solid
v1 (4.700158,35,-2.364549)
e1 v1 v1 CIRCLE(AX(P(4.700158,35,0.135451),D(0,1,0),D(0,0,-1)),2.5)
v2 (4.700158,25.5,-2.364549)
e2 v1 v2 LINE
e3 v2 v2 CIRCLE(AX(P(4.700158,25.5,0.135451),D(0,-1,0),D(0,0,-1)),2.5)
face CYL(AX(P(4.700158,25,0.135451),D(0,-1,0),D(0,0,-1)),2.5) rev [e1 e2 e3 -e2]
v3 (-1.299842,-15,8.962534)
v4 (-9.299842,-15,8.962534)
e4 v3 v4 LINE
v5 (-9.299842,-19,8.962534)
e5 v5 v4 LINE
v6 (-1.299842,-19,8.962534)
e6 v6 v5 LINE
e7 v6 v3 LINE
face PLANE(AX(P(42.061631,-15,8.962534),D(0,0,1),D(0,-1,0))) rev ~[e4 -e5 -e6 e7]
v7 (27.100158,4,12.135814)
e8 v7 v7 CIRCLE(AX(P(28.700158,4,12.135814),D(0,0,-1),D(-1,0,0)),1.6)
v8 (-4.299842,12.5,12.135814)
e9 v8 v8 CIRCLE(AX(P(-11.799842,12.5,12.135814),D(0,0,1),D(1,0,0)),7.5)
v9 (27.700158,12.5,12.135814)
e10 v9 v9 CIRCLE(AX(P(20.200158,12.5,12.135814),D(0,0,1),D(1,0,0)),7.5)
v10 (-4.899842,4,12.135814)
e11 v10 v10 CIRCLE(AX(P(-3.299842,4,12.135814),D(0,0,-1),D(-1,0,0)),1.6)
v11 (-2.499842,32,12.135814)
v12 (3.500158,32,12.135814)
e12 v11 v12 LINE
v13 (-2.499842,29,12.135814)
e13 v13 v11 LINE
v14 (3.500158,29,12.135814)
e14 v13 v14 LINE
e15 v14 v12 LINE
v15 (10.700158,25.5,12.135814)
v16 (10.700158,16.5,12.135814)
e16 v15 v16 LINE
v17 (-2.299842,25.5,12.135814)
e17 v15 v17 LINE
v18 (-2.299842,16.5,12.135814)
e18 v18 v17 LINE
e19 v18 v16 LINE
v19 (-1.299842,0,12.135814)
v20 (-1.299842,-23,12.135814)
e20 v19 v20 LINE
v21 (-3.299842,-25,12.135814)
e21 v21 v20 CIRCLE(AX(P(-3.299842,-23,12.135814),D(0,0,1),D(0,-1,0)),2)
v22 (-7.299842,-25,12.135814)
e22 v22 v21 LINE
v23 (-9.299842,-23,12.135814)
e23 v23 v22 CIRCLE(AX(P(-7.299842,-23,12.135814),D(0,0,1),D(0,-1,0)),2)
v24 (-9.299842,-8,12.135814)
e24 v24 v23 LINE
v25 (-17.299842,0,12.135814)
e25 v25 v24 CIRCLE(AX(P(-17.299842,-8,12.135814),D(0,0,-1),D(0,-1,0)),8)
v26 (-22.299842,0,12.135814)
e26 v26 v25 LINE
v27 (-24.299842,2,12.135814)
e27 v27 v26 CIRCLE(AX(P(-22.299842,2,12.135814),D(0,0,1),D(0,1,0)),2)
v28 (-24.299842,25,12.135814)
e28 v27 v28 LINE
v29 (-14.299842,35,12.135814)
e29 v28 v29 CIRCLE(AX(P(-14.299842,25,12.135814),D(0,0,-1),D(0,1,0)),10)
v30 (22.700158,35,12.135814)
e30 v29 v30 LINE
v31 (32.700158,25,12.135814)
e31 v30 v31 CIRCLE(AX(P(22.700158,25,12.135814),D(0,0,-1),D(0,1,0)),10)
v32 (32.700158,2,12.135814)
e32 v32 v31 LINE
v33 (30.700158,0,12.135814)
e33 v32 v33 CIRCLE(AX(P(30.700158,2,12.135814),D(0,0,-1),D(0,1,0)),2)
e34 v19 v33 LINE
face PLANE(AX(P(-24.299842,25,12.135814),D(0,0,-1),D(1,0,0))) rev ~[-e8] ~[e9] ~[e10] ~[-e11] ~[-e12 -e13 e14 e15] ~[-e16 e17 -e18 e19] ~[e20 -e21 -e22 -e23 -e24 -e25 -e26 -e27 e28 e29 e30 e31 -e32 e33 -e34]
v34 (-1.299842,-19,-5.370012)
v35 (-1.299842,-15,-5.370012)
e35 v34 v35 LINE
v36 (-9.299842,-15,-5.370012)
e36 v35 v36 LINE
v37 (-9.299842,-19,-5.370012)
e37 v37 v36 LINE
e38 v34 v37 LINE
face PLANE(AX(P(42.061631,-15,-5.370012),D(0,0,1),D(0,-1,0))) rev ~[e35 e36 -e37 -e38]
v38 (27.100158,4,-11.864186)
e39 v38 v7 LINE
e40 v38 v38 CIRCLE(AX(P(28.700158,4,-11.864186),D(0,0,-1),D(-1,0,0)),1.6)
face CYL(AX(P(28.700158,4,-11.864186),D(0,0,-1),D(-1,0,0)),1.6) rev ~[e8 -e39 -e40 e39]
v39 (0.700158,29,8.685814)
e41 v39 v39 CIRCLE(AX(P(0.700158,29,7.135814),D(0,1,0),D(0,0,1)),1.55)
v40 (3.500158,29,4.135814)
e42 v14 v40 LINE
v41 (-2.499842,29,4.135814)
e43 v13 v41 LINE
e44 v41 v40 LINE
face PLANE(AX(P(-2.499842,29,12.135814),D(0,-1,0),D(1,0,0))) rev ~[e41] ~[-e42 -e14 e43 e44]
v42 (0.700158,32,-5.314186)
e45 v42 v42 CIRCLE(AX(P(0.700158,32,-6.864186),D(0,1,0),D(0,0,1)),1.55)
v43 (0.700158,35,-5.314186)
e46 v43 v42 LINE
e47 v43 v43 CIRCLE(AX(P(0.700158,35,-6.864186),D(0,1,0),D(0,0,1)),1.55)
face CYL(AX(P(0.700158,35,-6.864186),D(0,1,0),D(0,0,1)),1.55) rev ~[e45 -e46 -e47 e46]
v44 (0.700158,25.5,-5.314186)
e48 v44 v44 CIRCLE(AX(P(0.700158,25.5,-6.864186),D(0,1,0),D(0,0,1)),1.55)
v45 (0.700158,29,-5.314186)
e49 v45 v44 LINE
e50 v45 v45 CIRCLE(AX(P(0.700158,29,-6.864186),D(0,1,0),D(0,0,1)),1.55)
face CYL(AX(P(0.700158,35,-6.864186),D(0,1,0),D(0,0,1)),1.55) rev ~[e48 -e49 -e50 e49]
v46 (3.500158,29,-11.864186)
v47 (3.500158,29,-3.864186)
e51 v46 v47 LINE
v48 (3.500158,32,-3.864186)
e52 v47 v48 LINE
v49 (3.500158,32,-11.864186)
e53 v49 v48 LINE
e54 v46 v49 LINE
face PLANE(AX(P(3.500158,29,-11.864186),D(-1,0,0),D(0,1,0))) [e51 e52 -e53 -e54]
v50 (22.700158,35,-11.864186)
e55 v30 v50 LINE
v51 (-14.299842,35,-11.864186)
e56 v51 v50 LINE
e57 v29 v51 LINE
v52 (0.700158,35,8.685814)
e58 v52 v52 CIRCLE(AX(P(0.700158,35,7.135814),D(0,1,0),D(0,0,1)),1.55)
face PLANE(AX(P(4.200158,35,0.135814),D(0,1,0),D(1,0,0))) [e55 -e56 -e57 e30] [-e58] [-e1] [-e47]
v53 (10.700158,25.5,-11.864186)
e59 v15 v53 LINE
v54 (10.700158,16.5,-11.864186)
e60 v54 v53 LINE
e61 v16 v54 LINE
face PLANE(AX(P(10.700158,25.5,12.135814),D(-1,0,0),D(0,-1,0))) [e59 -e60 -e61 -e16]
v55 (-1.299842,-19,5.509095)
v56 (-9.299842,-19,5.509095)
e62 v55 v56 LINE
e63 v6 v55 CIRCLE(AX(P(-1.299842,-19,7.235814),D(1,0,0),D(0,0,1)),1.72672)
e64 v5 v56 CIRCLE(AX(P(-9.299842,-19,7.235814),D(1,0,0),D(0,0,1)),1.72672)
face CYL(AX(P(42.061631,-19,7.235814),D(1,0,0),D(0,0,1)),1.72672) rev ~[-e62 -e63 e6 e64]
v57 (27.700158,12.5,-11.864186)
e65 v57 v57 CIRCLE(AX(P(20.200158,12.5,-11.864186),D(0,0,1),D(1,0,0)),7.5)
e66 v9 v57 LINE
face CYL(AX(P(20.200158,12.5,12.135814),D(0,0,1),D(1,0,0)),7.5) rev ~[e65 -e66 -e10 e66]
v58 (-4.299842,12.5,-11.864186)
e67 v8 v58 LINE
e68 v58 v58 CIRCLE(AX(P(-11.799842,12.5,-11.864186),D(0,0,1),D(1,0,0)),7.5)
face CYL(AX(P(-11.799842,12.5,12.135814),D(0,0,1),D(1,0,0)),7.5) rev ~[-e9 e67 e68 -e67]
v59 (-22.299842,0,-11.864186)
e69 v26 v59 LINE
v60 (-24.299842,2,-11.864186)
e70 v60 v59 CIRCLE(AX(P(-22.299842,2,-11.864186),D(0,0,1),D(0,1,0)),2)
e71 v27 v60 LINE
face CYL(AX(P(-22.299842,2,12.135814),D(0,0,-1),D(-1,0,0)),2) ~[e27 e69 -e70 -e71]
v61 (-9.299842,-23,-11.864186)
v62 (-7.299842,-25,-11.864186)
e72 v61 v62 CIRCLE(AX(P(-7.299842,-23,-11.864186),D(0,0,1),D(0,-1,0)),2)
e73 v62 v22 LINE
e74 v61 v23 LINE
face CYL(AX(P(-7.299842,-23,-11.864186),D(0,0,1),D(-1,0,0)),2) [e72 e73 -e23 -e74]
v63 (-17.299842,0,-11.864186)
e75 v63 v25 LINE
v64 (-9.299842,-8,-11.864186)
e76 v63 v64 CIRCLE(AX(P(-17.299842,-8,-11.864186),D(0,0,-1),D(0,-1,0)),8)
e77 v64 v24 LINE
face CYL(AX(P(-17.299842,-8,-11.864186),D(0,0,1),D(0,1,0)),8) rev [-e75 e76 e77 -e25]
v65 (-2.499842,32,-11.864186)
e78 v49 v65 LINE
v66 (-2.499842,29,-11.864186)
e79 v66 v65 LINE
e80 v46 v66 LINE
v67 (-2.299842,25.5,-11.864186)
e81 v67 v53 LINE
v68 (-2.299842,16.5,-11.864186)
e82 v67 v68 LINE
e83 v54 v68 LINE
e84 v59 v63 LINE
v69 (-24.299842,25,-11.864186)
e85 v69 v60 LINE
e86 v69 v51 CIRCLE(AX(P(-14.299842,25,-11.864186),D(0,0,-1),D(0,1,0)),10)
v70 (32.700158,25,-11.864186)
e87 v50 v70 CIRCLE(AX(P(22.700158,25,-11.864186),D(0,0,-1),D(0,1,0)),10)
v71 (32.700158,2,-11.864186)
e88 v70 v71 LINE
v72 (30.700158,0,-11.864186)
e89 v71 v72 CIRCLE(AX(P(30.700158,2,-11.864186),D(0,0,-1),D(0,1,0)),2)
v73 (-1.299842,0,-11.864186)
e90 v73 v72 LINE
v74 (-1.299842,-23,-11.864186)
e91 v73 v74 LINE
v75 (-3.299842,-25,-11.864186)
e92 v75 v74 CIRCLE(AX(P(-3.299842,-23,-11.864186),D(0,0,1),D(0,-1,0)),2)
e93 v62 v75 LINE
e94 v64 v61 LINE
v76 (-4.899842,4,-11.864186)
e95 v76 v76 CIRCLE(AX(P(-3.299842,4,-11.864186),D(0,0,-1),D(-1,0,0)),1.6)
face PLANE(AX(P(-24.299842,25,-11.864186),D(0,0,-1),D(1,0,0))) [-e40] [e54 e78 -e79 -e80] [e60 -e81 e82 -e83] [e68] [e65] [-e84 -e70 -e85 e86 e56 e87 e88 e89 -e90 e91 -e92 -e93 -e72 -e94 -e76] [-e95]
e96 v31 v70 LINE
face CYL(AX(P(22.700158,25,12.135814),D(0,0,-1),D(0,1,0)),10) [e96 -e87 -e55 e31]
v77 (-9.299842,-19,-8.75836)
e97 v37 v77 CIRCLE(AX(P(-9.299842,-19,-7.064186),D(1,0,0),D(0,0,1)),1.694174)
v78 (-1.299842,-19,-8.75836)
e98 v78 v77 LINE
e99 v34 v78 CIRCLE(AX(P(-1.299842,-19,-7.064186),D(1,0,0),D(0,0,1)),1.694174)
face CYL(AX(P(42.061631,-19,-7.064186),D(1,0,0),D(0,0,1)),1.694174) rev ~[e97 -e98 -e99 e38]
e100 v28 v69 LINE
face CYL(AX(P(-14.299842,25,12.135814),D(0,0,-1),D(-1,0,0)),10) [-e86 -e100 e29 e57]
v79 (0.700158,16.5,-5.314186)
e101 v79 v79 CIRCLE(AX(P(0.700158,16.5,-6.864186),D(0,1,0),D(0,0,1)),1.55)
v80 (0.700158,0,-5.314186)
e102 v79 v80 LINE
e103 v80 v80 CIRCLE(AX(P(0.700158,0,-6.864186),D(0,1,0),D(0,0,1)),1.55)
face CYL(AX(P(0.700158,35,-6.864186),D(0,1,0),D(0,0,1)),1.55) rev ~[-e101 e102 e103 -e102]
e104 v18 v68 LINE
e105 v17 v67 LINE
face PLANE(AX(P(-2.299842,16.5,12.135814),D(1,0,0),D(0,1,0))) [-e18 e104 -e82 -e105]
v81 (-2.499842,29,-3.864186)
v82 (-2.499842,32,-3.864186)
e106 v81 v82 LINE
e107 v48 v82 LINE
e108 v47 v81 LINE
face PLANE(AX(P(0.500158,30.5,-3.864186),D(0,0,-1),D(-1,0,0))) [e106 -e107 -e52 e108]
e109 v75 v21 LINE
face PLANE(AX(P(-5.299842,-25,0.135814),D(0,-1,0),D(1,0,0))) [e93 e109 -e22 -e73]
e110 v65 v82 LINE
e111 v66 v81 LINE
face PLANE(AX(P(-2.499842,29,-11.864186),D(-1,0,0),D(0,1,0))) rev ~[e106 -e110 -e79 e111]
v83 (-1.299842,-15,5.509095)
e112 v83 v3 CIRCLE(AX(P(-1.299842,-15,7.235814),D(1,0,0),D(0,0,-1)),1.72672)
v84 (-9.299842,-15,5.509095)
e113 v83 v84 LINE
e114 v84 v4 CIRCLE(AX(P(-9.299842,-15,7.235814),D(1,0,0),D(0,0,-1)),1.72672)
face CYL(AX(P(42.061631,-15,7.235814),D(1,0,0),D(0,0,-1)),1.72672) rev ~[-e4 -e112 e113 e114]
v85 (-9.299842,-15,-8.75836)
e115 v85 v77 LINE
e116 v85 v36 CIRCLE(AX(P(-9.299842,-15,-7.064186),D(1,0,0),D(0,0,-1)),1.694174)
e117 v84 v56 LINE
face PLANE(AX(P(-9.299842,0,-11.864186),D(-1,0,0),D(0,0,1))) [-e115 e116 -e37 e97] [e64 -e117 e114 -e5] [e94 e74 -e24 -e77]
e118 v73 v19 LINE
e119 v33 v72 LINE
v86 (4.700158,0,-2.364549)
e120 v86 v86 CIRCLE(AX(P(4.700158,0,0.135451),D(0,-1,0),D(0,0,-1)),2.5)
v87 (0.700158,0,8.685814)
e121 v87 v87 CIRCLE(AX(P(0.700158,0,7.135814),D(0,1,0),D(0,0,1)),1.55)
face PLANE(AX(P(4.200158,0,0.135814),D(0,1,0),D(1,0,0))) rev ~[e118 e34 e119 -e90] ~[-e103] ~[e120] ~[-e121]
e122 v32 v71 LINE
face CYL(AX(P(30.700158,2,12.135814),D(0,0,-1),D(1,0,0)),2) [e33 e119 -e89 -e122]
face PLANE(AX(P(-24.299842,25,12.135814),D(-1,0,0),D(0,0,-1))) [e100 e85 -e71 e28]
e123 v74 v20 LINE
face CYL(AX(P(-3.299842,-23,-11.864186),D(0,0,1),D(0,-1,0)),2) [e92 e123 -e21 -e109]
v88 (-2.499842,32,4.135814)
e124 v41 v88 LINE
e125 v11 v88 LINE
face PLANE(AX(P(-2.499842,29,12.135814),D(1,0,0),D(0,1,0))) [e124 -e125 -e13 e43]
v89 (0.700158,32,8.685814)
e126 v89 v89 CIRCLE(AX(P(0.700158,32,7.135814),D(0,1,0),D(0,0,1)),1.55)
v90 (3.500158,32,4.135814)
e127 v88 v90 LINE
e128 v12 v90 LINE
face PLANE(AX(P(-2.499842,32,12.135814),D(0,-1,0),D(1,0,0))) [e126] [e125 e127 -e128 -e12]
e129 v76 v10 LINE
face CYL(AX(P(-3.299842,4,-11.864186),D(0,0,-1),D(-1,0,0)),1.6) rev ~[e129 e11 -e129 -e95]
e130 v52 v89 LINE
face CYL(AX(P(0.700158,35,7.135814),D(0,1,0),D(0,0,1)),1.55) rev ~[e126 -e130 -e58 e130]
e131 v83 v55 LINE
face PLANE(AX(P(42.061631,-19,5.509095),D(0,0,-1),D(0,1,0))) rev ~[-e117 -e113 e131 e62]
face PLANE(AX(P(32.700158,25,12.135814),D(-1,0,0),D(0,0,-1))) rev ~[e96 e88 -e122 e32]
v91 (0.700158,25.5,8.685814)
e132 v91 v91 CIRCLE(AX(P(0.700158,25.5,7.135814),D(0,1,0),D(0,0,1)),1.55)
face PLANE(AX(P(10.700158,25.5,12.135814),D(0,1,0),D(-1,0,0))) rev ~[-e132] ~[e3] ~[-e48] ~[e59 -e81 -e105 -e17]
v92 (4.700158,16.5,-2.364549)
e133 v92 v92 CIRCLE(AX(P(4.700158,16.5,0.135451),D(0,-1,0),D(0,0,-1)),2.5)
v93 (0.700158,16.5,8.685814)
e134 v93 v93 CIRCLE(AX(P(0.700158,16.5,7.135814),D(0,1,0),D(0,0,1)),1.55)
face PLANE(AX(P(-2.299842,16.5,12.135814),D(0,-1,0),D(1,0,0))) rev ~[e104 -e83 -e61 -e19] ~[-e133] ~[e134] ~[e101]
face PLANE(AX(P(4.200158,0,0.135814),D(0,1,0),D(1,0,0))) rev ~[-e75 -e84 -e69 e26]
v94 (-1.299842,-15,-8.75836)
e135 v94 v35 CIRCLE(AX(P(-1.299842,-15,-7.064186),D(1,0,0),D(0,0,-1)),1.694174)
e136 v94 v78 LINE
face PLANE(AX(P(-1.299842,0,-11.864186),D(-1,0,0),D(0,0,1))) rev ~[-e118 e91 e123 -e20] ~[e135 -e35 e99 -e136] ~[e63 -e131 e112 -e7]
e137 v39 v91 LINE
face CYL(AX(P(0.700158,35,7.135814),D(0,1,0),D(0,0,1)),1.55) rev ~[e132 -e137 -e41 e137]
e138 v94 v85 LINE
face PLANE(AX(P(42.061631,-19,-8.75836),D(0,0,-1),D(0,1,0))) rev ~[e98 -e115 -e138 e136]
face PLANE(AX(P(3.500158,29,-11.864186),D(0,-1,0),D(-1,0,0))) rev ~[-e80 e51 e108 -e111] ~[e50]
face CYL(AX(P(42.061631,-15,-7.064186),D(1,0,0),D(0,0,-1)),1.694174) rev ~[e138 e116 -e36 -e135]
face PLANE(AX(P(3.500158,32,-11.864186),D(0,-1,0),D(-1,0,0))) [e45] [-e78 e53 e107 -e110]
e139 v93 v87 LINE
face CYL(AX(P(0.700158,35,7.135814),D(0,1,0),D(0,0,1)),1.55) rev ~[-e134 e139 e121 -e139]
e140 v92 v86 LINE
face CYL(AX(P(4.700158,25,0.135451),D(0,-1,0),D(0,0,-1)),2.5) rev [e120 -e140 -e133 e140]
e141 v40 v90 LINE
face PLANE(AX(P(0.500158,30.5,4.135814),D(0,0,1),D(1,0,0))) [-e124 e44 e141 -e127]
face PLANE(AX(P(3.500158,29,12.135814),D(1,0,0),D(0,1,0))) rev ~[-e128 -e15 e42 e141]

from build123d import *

# Parameters (mm, degrees)
SKETCH_1_W               = 57
SKETCH_1_H               = 24
EXTRUDE_1_DEPTH          = 25
SKETCH_2_R               = 7.5
CUT_EXTRUDE_1_DEPTH      = 48.647668573
SKETCH_3_W               = 8
SKETCH_3_H               = 24
EXTRUDE_2_DEPTH          = 25
CUT_EXTRUDE_2_DEPTH      = 51.361473246
CUT_EXTRUDE_2_DEPTH_BACK = 51.361473246
SKETCH_5_R               = 2.5
CUT_EXTRUDE_3_DEPTH      = 43.913614482
FILLET_1_R               = 8
SKETCH_6_W               = 57
SKETCH_6_H               = 24
SKETCH_6_R               = 2.5
EXTRUDE_3_DEPTH          = 10
CUT_EXTRUDE_4_DEPTH      = 54.575183811
SKETCH_8_R               = 1.55
CUT_EXTRUDE_5_DEPTH      = 70.401572806
SKETCH_9_W               = 6
SKETCH_9_H               = 3
CUT_EXTRUDE_6_DEPTH      = 8
SKETCH_10_W              = 6
SKETCH_10_H              = 3
CUT_EXTRUDE_7_DEPTH      = 8
SKETCH_11_R              = 1.6
CUT_EXTRUDE_8_DEPTH      = 54.575183811
FILLET_2_R               = 10
FILLET_3_R               = 2
FILLET_4_R               = 2


with BuildPart() as part:
    # 草图1 → 凸台-拉伸1 (new body)
    with BuildSketch(Plane(origin=(0, 0, 0), x_dir=(1, 0, 0), z_dir=(0, 1, 0))):
        with Locations((4.200157804, -0.135814249)):
            Rectangle(SKETCH_1_W, SKETCH_1_H)
    extrude(amount=EXTRUDE_1_DEPTH)

    # 草图2 → 切除-拉伸1 (cut, through all)
    with BuildSketch(Plane.XY.offset(12.135814249)):
        with Locations((-11.799842196, 12.5)):
            Circle(SKETCH_2_R)
        with Locations((20.200157804, 12.5)):
            Circle(SKETCH_2_R)
    extrude(amount=-CUT_EXTRUDE_1_DEPTH, mode=Mode.SUBTRACT)

    # 草图3 → 凸台-拉伸2 (add)
    with BuildSketch(Plane.XZ):
        with Locations((-5.299842196, 0.135814249)):
            Rectangle(SKETCH_3_W, SKETCH_3_H)
    extrude(amount=EXTRUDE_2_DEPTH)

    # 草图4 → 切除-拉伸2 (cut, two sides: drawn at the far end of the back side and taken through both)
    with BuildSketch(Plane.ZY.offset(9.299842196).offset(-CUT_EXTRUDE_2_DEPTH_BACK)):
        with BuildLine():
            Line((-8.758359631, -19), (-8.758359631, -15))
            ThreePointArc((-8.758359631, -15), (-7.064185751, -13.30582612), (-5.370011871, -15))
            Line((-5.370011871, -15), (-5.370011871, -19))
            ThreePointArc((-5.370011871, -19), (-7.064185751, -20.69417388), (-8.758359631, -19))
        make_face()
        with BuildLine():
            Line((5.509094538, -19), (5.509094538, -15))
            ThreePointArc((5.509094538, -15), (7.235814249, -13.273280289), (8.96253396, -15))
            Line((8.96253396, -15), (8.96253396, -19))
            ThreePointArc((8.96253396, -19), (7.235814249, -20.726719711), (5.509094538, -19))
        make_face()
    extrude(amount=CUT_EXTRUDE_2_DEPTH + CUT_EXTRUDE_2_DEPTH_BACK, mode=Mode.SUBTRACT)

    # 草图5 → 切除-拉伸3 (cut, through all)
    with BuildSketch(Plane.XZ):
        with Locations(Location((4.700157804, 0.135451208, 0), (0, 0, 270))):
            Circle(SKETCH_5_R)
    extrude(amount=-CUT_EXTRUDE_3_DEPTH, mode=Mode.SUBTRACT)

    # 圆角1
    fillet_1_edges = [part.edges().sort_by_distance(p)[0] for p in [
        (-9.299842196, 0, 0.135814249),
    ]]
    fillet(fillet_1_edges, radius=FILLET_1_R)

    # 草图6 → 凸台-拉伸3 (add)
    with BuildSketch(Plane(origin=(0, 25, 0), x_dir=(1, 0, 0), z_dir=(0, 1, 0))):
        with Locations((4.200157804, -0.135814249)):
            Rectangle(SKETCH_6_W, SKETCH_6_H)
        with Locations(Location((4.700157804, -0.135451208, 0), (0, 0, 90))):
            Circle(SKETCH_6_R, mode=Mode.SUBTRACT)
    extrude(amount=EXTRUDE_3_DEPTH)

    # 草图7 → 切除-拉伸4 (cut, through all)
    with BuildSketch(Plane.XY.offset(12.135814249)):
        Polygon((-2.299842196, 25.5), (2.700157804, 25.5), (5.700157804, 25.5), (10.700157804, 25.5), (10.700157804, 16.5), (5.700157804, 16.5), (2.700157804, 16.5), (-2.299842196, 16.5), align=None)
    extrude(amount=-CUT_EXTRUDE_4_DEPTH, mode=Mode.SUBTRACT)

    # 草图8 → 切除-拉伸5 (cut, through all)
    with BuildSketch(Plane(origin=(0, 35, 0), x_dir=(1, 0, 0), z_dir=(0, 1, 0))):
        with Locations(Location((0.700157804, -7.135814249, 0), (0, 0, 270))):
            Circle(SKETCH_8_R)
        with Locations(Location((0.700157804, 6.864185751, 0), (0, 0, 270))):
            Circle(SKETCH_8_R)
    extrude(amount=-CUT_EXTRUDE_5_DEPTH, mode=Mode.SUBTRACT)

    # 草图9 → 切除-拉伸6 (cut)
    with BuildSketch(Plane.XY.offset(12.135814249)):
        with Locations((0.500157804, 30.5)):
            Rectangle(SKETCH_9_W, SKETCH_9_H)
    extrude(amount=-CUT_EXTRUDE_6_DEPTH, mode=Mode.SUBTRACT)

    # 草图10 → 切除-拉伸7 (cut)
    with BuildSketch(Plane(origin=(0, 0, -11.864185751), x_dir=(-1, 0, 0), z_dir=(0, 0, -1))):
        with Locations((-0.500157804, 30.5)):
            Rectangle(SKETCH_10_W, SKETCH_10_H)
    extrude(amount=-CUT_EXTRUDE_7_DEPTH, mode=Mode.SUBTRACT)

    # 草图11 → 切除-拉伸8 (cut, through all)
    with BuildSketch(Plane(origin=(0, 0, -11.864185751), x_dir=(-1, 0, 0), z_dir=(0, 0, -1))):
        with Locations((-28.700157804, 4)):
            Circle(SKETCH_11_R)
        with Locations((3.299842196, 4)):
            Circle(SKETCH_11_R)
    extrude(amount=-CUT_EXTRUDE_8_DEPTH, mode=Mode.SUBTRACT)

    # 圆角2
    fillet_2_edges = [part.edges().sort_by_distance(p)[0] for p in [
        (-24.299842196, 35, 0.135814249),
        (32.700157804, 35, 0.135814249),
    ]]
    fillet(fillet_2_edges, radius=FILLET_2_R)

    # 圆角3
    fillet_3_edges = [part.edges().sort_by_distance(p)[0] for p in [
        (32.700157804, 0, 0.135814249),
        (-24.299842196, 0, 0.135814249),
    ]]
    fillet(fillet_3_edges, radius=FILLET_3_R)

    # 圆角4
    fillet_4_edges = [part.edges().sort_by_distance(p)[0] for p in [
        (-9.299842196, -25, 0.135814249),
        (-1.299842196, -25, 0.135814249),
    ]]
    fillet(fillet_4_edges, radius=FILLET_4_R)


solid = part.part
